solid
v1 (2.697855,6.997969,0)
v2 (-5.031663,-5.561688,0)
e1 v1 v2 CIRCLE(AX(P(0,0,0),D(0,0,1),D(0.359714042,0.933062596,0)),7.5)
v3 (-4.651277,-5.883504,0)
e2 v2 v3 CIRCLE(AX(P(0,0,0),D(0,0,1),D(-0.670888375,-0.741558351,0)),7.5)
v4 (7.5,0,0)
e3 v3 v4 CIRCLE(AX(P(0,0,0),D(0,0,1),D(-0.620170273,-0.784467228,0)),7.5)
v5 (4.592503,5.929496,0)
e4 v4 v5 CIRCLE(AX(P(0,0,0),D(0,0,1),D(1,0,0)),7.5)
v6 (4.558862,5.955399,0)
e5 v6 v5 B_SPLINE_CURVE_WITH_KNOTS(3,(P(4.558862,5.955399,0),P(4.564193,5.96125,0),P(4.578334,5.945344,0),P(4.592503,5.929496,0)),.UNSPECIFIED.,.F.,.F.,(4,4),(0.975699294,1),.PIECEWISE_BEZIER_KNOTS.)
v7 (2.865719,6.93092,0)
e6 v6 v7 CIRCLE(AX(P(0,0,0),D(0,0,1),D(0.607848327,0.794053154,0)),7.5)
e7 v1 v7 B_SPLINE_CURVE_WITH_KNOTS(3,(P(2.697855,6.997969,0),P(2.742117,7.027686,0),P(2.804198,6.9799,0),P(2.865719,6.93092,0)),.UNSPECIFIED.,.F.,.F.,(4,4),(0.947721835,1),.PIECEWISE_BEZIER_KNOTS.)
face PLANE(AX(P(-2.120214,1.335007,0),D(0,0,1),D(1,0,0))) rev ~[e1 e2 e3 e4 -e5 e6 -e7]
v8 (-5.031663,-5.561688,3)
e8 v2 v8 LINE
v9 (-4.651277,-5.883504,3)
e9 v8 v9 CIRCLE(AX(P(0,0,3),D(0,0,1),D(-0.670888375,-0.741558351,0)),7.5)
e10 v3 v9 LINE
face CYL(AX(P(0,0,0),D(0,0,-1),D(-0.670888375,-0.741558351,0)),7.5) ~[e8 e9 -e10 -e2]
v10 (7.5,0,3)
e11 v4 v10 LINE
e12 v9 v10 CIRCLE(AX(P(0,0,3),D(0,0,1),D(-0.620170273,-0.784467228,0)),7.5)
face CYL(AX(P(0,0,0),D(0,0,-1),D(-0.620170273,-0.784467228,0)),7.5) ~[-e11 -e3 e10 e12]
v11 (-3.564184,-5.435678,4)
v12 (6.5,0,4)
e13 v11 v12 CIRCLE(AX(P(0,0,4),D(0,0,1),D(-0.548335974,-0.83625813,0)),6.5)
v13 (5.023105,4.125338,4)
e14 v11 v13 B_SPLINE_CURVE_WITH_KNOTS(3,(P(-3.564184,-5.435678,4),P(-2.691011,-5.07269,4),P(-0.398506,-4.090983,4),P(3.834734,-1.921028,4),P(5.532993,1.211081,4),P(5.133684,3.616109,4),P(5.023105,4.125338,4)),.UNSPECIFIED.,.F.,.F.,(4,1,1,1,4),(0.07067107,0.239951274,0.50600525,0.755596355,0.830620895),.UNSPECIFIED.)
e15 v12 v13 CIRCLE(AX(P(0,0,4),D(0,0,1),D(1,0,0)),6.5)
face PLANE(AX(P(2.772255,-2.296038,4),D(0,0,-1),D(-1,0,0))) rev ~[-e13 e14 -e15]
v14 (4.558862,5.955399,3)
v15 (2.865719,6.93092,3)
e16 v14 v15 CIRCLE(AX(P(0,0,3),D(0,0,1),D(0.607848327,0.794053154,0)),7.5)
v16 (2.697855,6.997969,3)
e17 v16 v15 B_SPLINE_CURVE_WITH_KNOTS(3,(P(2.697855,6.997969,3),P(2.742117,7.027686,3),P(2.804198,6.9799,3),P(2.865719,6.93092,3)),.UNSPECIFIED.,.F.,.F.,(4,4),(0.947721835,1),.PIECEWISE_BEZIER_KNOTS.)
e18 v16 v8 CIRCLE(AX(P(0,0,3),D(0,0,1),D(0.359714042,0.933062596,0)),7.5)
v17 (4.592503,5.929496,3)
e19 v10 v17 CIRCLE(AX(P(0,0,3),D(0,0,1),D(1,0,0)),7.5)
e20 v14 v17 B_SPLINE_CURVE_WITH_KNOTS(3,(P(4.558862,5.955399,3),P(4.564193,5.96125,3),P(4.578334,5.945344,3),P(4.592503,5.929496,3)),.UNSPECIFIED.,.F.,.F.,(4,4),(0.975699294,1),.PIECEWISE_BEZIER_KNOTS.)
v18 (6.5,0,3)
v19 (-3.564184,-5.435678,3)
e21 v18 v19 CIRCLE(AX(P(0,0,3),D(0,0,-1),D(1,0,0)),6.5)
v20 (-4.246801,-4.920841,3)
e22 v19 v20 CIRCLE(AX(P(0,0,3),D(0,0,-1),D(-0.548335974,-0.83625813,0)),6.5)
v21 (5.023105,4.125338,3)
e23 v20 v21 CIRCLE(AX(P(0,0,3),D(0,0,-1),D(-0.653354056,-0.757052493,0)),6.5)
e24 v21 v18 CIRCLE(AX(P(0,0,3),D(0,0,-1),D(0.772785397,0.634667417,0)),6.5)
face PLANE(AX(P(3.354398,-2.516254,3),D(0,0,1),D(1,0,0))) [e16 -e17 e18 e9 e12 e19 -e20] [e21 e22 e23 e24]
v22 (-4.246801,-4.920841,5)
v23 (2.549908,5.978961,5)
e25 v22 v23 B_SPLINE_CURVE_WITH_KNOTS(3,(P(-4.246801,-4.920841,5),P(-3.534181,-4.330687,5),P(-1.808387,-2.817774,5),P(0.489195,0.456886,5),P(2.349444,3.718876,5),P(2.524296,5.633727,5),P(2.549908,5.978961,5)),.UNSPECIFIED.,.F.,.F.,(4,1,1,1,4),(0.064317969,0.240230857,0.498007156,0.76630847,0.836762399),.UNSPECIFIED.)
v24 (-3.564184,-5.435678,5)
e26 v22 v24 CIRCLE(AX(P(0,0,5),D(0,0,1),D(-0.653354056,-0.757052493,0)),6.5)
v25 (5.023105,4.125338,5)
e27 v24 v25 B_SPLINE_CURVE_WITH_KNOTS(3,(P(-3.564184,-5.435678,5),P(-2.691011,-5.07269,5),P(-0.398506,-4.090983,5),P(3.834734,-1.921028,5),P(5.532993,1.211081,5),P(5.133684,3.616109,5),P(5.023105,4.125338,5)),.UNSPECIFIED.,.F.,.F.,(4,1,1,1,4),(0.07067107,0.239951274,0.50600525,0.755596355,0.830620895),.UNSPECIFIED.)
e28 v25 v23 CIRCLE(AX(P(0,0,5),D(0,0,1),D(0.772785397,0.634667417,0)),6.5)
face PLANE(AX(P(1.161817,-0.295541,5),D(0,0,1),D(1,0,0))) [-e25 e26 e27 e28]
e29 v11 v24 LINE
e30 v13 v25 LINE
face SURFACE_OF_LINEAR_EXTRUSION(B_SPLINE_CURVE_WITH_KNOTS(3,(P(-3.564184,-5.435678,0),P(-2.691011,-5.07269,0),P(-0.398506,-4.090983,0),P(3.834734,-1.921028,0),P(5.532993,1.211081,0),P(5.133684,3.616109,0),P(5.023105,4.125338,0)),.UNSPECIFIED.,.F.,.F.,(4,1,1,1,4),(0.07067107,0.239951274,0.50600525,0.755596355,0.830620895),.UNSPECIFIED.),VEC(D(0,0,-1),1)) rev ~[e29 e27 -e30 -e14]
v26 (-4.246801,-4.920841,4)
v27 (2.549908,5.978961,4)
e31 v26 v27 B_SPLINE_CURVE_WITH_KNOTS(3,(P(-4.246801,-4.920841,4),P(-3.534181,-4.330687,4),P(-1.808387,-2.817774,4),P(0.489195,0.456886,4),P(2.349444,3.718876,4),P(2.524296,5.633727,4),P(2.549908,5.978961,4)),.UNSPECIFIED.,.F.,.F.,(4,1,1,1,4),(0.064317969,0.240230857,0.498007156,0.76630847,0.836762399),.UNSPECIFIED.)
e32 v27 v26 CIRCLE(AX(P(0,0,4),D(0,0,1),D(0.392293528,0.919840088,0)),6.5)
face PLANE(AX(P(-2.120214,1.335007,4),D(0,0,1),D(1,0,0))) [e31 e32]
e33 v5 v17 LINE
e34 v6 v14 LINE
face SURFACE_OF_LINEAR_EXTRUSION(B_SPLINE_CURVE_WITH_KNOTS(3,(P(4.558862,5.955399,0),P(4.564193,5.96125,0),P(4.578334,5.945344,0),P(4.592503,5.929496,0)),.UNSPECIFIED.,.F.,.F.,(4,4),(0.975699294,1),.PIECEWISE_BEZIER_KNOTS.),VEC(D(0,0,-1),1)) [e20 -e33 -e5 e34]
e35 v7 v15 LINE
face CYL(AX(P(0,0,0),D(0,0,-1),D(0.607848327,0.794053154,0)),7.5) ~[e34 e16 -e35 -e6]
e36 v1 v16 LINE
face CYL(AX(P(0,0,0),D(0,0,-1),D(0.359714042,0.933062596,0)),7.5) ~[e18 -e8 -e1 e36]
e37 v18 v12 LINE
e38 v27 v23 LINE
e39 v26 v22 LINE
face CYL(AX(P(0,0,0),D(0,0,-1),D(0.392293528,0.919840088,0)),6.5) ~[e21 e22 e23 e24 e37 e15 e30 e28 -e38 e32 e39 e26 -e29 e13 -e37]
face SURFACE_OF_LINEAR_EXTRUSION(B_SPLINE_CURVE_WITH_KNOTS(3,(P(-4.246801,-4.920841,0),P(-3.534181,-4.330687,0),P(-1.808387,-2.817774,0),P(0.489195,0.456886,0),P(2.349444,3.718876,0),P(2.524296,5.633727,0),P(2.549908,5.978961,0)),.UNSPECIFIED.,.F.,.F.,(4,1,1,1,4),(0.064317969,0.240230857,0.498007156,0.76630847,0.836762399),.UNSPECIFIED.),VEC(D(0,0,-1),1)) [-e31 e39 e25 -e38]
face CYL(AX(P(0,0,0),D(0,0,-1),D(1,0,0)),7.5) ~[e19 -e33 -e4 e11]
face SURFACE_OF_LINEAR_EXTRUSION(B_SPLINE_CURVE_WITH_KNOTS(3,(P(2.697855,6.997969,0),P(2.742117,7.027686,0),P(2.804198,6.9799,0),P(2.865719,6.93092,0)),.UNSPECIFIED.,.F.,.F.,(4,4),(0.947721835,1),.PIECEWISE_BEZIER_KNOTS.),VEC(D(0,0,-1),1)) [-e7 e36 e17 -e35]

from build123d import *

# Parameters (mm, degrees)
F1_DEPTH = 3
F2_DEPTH = 4
F3_DEPTH = 5


with BuildPart() as f1:
    # F0 (on Top) → F1 (new body)
    with BuildSketch(Plane.XY):
        with BuildLine():
            ThreePointArc((-4.6512770507, -5.8835042107), (3.2684416868, -6.750354727), (7.5, 0))
            ThreePointArc((7.5, 0), (6.7340096327, 3.3019864123), (4.5925028622, 5.9294955486))
            ThreePointArc((4.5925028622, 5.9294955486), (4.5757009883, 5.9424709057), (4.5588624549, 5.9553986531))
            add(Edge.make_bspline(
                [(5.023105082, 4.1253382086), (4.8092727011, 5.1100586092), (4.527040183, 5.9204651186), (4.5588624549, 5.9553986531)],
                knots=[0.8306208955, 0.8306208955, 0.8306208955, 0.8306208955, 0.9756992936, 0.9756992936, 0.9756992936, 0.9756992936], degree=3))
            ThreePointArc((5.023105082, 4.1253382086), (6.1196479896, 2.1908693443), (6.5, 0))
            ThreePointArc((6.5, 0), (3.0889160794, -5.7191430699), (-3.5641838321, -5.4356778428))
            add(Edge.make_bspline(
                [(-4.6512770507, -5.8835042107), (-4.2900632598, -5.7354905481), (-3.928715743, -5.5872181197), (-3.5641838321, -5.4356778428)],
                knots=[0, 0, 0, 0, 0.0706710697, 0.0706710697, 0.0706710697, 0.0706710697], degree=3))
        make_face()
        with BuildLine():
            ThreePointArc((4.5588624549, 5.9553986531), (4.5757009883, 5.9424709057), (4.5925028622, 5.9294955486))
            add(Edge.make_bspline(
                [(4.5588624549, 5.9553986531), (4.5641927018, 5.9612500381), (4.5783342026, 5.9453444257), (4.5925028622, 5.9294955486)],
                knots=[0.9756992936, 0.9756992936, 0.9756992936, 0.9756992936, 1, 1, 1, 1], degree=3))
        make_face()
        with BuildLine():
            ThreePointArc((-5.0316628164, -5.5616876308), (-4.8441431229, -5.7257556187), (-4.6512770507, -5.8835042107))
            add(Edge.make_bspline(
                [(-4.6512770507, -5.8835042107), (-4.2900632598, -5.7354905481), (-3.928715743, -5.5872181197), (-3.5641838321, -5.4356778428)],
                knots=[0, 0, 0, 0, 0.0706710697, 0.0706710697, 0.0706710697, 0.0706710697], degree=3))
            ThreePointArc((-3.5641838321, -5.4356778428), (-3.9139668667, -5.1894954828), (-4.2468013663, -4.920841204))
            add(Edge.make_bspline(
                [(-5.0316628164, -5.5616876308), (-4.7695889387, -5.3492466161), (-4.5073526376, -5.1366155732), (-4.2468013663, -4.920841204)],
                knots=[0, 0, 0, 0, 0.0643179691, 0.0643179691, 0.0643179691, 0.0643179691], degree=3))
        make_face()
        with BuildLine():
            add(Edge.make_bspline(
                [(5.023105082, 4.1253382086), (4.8092727011, 5.1100586092), (4.527040183, 5.9204651186), (4.5588624549, 5.9553986531)],
                knots=[0.8306208955, 0.8306208955, 0.8306208955, 0.8306208955, 0.9756992936, 0.9756992936, 0.9756992936, 0.9756992936], degree=3))
            ThreePointArc((4.5588624549, 5.9553986531), (3.7441973902, 6.4985372125), (2.8657193097, 6.9309200571))
            ThreePointArc((2.8657193097, 6.9309200571), (2.7819893161, 6.9649504984), (2.6978553142, 6.99796947))
            add(Edge.make_bspline(
                [(2.5499079288, 5.9789605748), (2.5902453757, 6.5226766795), (2.603911247, 6.9348960376), (2.6978553142, 6.99796947)],
                knots=[0.8367623992, 0.8367623992, 0.8367623992, 0.8367623992, 0.947721835, 0.947721835, 0.947721835, 0.947721835], degree=3))
            ThreePointArc((2.5499079288, 5.9789605748), (3.8982830175, 5.2012872941), (5.023105082, 4.1253382086))
        make_face()
        with BuildLine():
            ThreePointArc((2.6978553142, 6.99796947), (-6.3873242431, 3.9309145263), (-5.0316628164, -5.5616876308))
            add(Edge.make_bspline(
                [(-5.0316628164, -5.5616876308), (-4.7695889387, -5.3492466161), (-4.5073526376, -5.1366155732), (-4.2468013663, -4.920841204)],
                knots=[0, 0, 0, 0, 0.0643179691, 0.0643179691, 0.0643179691, 0.0643179691], degree=3))
            ThreePointArc((-4.2468013663, -4.920841204), (-5.5155490696, 3.4392904008), (2.5499079288, 5.9789605748))
            add(Edge.make_bspline(
                [(2.5499079288, 5.9789605748), (2.5902453757, 6.5226766795), (2.603911247, 6.9348960376), (2.6978553142, 6.99796947)],
                knots=[0.8367623992, 0.8367623992, 0.8367623992, 0.8367623992, 0.947721835, 0.947721835, 0.947721835, 0.947721835], degree=3))
        make_face()
        with BuildLine():
            ThreePointArc((2.6978553142, 6.99796947), (2.7819893161, 6.9649504984), (2.8657193097, 6.9309200571))
            add(Edge.make_bspline(
                [(2.6978553142, 6.99796947), (2.7421167455, 7.0276863056), (2.8041982628, 6.9799000242), (2.8657193097, 6.9309200571)],
                knots=[0.947721835, 0.947721835, 0.947721835, 0.947721835, 1, 1, 1, 1], degree=3))
        make_face()
    extrude(amount=F1_DEPTH)

    # F0 (on Top) → F2 (join)
    with BuildSketch(Plane.XY):
        with BuildLine():
            ThreePointArc((2.5499079288, 5.9789605748), (-5.5155490696, 3.4392904008), (-4.2468013663, -4.920841204))
            add(Edge.make_bspline(
                [(-4.2468013663, -4.920841204), (-3.5341805064, -4.3306874282), (-1.8083867278, -2.8177742323), (0.4891946402, 0.4568857751), (2.3494442904, 3.7188761281), (2.5242955811, 5.6337268784), (2.5499079288, 5.9789605748)],
                knots=[0.0643179691, 0.0643179691, 0.0643179691, 0.0643179691, 0.2402308565, 0.4980071555, 0.7663084696, 0.8367623992, 0.8367623992, 0.8367623992, 0.8367623992], degree=3))
        make_face()
        with BuildLine():
            add(Edge.make_bspline(
                [(-3.5641838321, -5.4356778428), (-2.691011307, -5.0726895768), (-0.3985062942, -4.0909828194), (3.8347343504, -1.9210278531), (5.5329932743, 1.2110813852), (5.1336844397, 3.6161087413), (5.023105082, 4.1253382086)],
                knots=[0.0706710697, 0.0706710697, 0.0706710697, 0.0706710697, 0.239951274, 0.5060052495, 0.7555963551, 0.8306208955, 0.8306208955, 0.8306208955, 0.8306208955], degree=3))
            ThreePointArc((-3.5641838321, -5.4356778428), (3.0889160794, -5.7191430699), (6.5, 0))
            ThreePointArc((6.5, 0), (6.1196479896, 2.1908693443), (5.023105082, 4.1253382086))
        make_face()
    extrude(amount=F2_DEPTH)

    # F0 (on Top) → F3 (join)
    with BuildSketch(Plane.XY):
        with BuildLine():
            ThreePointArc((-4.2468013663, -4.920841204), (-3.9139668667, -5.1894954828), (-3.5641838321, -5.4356778428))
            add(Edge.make_bspline(
                [(-3.5641838321, -5.4356778428), (-2.691011307, -5.0726895768), (-0.3985062942, -4.0909828194), (3.8347343504, -1.9210278531), (5.5329932743, 1.2110813852), (5.1336844397, 3.6161087413), (5.023105082, 4.1253382086)],
                knots=[0.0706710697, 0.0706710697, 0.0706710697, 0.0706710697, 0.239951274, 0.5060052495, 0.7555963551, 0.8306208955, 0.8306208955, 0.8306208955, 0.8306208955], degree=3))
            ThreePointArc((5.023105082, 4.1253382086), (3.8982830175, 5.2012872941), (2.5499079288, 5.9789605748))
            add(Edge.make_bspline(
                [(-4.2468013663, -4.920841204), (-3.5341805064, -4.3306874282), (-1.8083867278, -2.8177742323), (0.4891946402, 0.4568857751), (2.3494442904, 3.7188761281), (2.5242955811, 5.6337268784), (2.5499079288, 5.9789605748)],
                knots=[0.0643179691, 0.0643179691, 0.0643179691, 0.0643179691, 0.2402308565, 0.4980071555, 0.7663084696, 0.8367623992, 0.8367623992, 0.8367623992, 0.8367623992], degree=3))
        make_face()
    extrude(amount=F3_DEPTH)


solid = f1.part
